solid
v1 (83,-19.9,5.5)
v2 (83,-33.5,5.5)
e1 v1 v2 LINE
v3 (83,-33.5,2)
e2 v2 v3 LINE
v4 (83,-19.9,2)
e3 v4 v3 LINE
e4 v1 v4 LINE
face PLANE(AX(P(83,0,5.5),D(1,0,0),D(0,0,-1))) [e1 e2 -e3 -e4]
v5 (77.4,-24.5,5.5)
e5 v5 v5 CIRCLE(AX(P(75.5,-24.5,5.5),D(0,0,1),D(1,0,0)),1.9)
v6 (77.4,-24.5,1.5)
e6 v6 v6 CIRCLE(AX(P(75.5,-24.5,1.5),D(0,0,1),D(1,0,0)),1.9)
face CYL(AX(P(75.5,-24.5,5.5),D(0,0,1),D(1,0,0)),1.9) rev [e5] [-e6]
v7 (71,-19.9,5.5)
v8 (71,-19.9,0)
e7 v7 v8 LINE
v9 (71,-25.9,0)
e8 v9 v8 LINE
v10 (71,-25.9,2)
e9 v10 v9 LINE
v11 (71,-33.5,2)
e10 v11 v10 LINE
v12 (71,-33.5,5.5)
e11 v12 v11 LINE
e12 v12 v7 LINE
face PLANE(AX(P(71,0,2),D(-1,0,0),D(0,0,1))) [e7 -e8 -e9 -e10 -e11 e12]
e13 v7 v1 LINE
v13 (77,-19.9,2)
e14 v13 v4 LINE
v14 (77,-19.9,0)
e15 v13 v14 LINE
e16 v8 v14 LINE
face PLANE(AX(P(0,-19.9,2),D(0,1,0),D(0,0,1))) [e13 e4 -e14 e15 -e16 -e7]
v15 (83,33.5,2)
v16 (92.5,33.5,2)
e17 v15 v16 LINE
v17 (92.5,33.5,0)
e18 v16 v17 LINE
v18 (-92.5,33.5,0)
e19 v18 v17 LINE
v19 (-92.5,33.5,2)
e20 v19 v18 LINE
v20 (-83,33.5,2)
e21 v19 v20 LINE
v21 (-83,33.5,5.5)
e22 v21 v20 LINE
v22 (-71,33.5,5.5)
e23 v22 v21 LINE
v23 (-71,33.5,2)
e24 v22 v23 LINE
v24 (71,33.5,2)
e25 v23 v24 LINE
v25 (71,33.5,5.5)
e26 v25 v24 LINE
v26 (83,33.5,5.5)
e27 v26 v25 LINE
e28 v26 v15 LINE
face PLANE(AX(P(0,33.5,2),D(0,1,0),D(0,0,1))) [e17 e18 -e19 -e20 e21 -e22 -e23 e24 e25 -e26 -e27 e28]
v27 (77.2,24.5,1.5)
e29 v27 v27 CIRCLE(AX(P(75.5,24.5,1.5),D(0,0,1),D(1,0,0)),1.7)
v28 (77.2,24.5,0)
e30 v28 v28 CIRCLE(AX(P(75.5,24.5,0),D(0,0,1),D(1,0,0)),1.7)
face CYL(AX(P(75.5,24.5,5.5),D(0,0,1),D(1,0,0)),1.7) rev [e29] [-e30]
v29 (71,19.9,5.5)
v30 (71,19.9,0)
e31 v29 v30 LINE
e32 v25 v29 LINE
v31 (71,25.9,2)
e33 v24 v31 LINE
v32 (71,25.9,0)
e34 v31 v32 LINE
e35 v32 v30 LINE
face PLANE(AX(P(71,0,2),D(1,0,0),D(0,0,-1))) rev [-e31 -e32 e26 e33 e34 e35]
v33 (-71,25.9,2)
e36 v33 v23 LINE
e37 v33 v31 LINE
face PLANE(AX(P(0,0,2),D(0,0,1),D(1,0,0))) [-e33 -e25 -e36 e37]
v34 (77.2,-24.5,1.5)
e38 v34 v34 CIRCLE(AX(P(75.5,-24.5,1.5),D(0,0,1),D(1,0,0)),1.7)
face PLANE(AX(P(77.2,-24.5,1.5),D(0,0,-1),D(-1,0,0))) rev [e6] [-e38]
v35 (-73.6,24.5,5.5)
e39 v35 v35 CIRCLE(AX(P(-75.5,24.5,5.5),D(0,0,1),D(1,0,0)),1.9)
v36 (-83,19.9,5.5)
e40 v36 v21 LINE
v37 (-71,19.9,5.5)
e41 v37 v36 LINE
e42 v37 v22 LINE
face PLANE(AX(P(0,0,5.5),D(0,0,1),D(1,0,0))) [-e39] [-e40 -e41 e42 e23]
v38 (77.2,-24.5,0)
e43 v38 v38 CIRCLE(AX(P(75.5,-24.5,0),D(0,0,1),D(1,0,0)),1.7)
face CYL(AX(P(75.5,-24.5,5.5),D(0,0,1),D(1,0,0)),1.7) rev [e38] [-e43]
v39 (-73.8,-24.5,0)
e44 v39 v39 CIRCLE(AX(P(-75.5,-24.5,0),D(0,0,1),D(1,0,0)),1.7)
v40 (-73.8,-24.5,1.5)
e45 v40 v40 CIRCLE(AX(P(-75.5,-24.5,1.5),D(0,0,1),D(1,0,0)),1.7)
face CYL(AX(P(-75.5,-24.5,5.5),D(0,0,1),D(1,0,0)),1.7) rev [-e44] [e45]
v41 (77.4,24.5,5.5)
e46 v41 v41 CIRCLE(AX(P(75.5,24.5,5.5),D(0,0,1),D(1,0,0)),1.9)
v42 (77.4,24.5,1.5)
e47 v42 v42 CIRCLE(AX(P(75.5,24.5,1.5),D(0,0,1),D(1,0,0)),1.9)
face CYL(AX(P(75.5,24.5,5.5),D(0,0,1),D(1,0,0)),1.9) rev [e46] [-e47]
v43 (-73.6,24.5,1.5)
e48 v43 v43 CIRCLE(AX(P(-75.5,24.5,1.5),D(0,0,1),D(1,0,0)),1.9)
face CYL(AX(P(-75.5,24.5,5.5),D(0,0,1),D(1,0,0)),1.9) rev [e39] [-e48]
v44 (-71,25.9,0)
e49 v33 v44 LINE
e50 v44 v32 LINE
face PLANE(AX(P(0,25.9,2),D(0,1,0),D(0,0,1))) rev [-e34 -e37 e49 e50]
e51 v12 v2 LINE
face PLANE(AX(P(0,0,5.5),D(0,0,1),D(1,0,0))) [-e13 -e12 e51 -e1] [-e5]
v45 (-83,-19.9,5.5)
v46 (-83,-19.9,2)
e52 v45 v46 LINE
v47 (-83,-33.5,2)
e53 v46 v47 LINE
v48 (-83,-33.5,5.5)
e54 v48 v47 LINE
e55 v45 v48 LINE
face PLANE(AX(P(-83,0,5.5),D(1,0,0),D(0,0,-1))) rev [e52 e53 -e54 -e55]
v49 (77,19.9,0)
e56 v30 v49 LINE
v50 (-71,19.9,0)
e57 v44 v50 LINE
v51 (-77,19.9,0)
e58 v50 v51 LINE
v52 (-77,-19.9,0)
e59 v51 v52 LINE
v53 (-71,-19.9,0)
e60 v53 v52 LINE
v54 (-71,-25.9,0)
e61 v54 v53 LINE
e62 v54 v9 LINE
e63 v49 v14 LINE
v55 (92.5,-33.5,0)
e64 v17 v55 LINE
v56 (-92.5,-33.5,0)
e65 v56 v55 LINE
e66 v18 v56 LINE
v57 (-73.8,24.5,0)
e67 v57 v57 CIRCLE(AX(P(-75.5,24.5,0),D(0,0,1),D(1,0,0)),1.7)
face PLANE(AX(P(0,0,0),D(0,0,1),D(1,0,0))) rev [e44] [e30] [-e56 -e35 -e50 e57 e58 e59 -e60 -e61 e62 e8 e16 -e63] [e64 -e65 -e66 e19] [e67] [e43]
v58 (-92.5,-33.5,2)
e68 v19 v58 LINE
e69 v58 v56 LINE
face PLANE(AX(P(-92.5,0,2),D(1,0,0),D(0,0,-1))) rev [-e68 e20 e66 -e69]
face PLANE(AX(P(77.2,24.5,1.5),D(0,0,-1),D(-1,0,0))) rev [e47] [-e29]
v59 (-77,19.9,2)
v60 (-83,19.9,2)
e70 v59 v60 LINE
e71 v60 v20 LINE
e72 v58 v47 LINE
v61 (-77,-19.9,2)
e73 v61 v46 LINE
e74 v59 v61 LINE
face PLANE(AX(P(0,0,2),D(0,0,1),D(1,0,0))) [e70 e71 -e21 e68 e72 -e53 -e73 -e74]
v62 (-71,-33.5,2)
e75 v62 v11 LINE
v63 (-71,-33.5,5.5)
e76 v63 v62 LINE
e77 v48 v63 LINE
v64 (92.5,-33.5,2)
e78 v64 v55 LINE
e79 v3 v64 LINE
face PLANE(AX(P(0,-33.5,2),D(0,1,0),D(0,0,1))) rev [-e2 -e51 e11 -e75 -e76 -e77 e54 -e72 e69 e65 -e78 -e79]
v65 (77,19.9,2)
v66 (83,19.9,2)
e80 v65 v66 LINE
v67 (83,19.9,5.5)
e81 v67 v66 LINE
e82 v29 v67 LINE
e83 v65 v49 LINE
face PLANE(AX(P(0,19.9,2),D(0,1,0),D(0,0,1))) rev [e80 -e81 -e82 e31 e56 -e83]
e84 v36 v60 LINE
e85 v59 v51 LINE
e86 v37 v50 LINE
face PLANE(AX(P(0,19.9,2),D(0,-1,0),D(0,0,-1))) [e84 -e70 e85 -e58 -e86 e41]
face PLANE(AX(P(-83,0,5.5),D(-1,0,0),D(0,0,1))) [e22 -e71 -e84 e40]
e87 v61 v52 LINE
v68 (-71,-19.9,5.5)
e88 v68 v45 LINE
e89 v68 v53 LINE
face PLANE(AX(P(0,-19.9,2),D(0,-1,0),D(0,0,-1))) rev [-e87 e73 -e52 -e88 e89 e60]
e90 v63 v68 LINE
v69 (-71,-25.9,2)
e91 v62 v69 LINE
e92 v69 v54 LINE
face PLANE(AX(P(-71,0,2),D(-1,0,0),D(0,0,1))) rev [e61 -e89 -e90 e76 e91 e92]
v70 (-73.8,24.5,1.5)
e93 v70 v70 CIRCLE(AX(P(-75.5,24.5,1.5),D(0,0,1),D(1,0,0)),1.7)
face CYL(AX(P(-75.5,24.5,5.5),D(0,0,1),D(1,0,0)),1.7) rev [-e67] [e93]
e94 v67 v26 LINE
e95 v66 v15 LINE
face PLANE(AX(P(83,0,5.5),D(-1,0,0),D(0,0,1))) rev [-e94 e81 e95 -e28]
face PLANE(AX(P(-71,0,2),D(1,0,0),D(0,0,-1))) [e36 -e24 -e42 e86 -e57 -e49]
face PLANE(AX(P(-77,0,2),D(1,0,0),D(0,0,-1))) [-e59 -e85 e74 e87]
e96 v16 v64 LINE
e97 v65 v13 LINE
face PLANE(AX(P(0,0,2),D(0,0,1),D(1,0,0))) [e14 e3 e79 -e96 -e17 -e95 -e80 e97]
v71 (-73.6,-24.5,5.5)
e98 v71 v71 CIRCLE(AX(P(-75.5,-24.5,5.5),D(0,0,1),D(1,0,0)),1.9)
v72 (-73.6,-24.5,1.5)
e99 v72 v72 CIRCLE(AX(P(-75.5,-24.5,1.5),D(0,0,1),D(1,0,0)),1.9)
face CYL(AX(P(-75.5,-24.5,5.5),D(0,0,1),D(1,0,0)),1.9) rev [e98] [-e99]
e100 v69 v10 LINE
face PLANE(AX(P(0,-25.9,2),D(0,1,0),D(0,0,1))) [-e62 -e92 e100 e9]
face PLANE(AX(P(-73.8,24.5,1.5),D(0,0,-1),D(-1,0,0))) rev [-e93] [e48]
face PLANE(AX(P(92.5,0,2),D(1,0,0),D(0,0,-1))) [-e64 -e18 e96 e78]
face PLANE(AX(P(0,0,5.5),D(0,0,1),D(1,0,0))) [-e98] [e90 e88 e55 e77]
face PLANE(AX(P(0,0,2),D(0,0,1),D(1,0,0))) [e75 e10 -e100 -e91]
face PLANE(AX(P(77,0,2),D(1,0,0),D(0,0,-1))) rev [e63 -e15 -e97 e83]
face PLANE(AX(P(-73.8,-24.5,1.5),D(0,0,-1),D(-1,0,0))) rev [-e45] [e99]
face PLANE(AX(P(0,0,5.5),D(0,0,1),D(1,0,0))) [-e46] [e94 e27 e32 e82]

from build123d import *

# Parameters (mm, degrees)
SKICA1_W                                          = 185
SKICA1_H                                          = 67
SKICA1_W_2                                        = 154
SKICA1_H_2                                        = 51.8
SKICA1_W_3                                        = 6
SKICA1_H_3                                        = 6
P_IDAT_VYSUNUT_M1_DEPTH                           = 2
SKICA2_W                                          = 12
SKICA2_H                                          = 13.6
P_IDAT_VYSUNUT_M2_DEPTH                           = 3.5
V_LCOV_ZAHLOUBEN_PRO_M3_ROUBY_S_HLAVO_D           = 3.4
V_LCOV_ZAHLOUBEN_PRO_M3_ROUBY_S_HLAVO_CBORE_D     = 3.8
V_LCOV_ZAHLOUBEN_PRO_M3_ROUBY_S_HLAVO_CBORE_DEPTH = 4


with BuildPart() as part:
    # Skica1 → Přidat vysunutím1 (new body)
    with BuildSketch(Plane.XY):
        Rectangle(SKICA1_W, SKICA1_H)
        Rectangle(SKICA1_W_2, SKICA1_H_2, mode=Mode.SUBTRACT)
        with Locations((-74, 22.9)):
            Rectangle(SKICA1_W_3, SKICA1_H_3)
        with Locations((-74, -22.9)):
            Rectangle(SKICA1_W_3, SKICA1_H_3)
        with Locations((74, -22.9)):
            Rectangle(SKICA1_W_3, SKICA1_H_3)
        with Locations((74, 22.9)):
            Rectangle(SKICA1_W_3, SKICA1_H_3)
    extrude(amount=P_IDAT_VYSUNUT_M1_DEPTH)

    # Skica2 → Přidat vysunutím2 (add)
    with BuildSketch(Plane.XY.offset(2)):
        with Locations((77, 26.7)):
            Rectangle(SKICA2_W, SKICA2_H)
        with Locations((-77, 26.7)):
            Rectangle(SKICA2_W, SKICA2_H)
        with Locations((-77, -26.7)):
            Rectangle(SKICA2_W, SKICA2_H)
        with Locations((77, -26.7)):
            Rectangle(SKICA2_W, SKICA2_H)
    extrude(amount=P_IDAT_VYSUNUT_M2_DEPTH)

    # Válcové zahloubení pro M3 šrouby s hlavou s vnitřním vybráním1 (through all)
    with Locations(Plane.XY.offset(5.5)):
        with Locations((75.5, -24.5), (75.5, 24.5), (-75.5, 24.5), (-75.5, -24.5)):
            CounterBoreHole(V_LCOV_ZAHLOUBEN_PRO_M3_ROUBY_S_HLAVO_D / 2, V_LCOV_ZAHLOUBEN_PRO_M3_ROUBY_S_HLAVO_CBORE_D / 2, V_LCOV_ZAHLOUBEN_PRO_M3_ROUBY_S_HLAVO_CBORE_DEPTH)


solid = part.part
